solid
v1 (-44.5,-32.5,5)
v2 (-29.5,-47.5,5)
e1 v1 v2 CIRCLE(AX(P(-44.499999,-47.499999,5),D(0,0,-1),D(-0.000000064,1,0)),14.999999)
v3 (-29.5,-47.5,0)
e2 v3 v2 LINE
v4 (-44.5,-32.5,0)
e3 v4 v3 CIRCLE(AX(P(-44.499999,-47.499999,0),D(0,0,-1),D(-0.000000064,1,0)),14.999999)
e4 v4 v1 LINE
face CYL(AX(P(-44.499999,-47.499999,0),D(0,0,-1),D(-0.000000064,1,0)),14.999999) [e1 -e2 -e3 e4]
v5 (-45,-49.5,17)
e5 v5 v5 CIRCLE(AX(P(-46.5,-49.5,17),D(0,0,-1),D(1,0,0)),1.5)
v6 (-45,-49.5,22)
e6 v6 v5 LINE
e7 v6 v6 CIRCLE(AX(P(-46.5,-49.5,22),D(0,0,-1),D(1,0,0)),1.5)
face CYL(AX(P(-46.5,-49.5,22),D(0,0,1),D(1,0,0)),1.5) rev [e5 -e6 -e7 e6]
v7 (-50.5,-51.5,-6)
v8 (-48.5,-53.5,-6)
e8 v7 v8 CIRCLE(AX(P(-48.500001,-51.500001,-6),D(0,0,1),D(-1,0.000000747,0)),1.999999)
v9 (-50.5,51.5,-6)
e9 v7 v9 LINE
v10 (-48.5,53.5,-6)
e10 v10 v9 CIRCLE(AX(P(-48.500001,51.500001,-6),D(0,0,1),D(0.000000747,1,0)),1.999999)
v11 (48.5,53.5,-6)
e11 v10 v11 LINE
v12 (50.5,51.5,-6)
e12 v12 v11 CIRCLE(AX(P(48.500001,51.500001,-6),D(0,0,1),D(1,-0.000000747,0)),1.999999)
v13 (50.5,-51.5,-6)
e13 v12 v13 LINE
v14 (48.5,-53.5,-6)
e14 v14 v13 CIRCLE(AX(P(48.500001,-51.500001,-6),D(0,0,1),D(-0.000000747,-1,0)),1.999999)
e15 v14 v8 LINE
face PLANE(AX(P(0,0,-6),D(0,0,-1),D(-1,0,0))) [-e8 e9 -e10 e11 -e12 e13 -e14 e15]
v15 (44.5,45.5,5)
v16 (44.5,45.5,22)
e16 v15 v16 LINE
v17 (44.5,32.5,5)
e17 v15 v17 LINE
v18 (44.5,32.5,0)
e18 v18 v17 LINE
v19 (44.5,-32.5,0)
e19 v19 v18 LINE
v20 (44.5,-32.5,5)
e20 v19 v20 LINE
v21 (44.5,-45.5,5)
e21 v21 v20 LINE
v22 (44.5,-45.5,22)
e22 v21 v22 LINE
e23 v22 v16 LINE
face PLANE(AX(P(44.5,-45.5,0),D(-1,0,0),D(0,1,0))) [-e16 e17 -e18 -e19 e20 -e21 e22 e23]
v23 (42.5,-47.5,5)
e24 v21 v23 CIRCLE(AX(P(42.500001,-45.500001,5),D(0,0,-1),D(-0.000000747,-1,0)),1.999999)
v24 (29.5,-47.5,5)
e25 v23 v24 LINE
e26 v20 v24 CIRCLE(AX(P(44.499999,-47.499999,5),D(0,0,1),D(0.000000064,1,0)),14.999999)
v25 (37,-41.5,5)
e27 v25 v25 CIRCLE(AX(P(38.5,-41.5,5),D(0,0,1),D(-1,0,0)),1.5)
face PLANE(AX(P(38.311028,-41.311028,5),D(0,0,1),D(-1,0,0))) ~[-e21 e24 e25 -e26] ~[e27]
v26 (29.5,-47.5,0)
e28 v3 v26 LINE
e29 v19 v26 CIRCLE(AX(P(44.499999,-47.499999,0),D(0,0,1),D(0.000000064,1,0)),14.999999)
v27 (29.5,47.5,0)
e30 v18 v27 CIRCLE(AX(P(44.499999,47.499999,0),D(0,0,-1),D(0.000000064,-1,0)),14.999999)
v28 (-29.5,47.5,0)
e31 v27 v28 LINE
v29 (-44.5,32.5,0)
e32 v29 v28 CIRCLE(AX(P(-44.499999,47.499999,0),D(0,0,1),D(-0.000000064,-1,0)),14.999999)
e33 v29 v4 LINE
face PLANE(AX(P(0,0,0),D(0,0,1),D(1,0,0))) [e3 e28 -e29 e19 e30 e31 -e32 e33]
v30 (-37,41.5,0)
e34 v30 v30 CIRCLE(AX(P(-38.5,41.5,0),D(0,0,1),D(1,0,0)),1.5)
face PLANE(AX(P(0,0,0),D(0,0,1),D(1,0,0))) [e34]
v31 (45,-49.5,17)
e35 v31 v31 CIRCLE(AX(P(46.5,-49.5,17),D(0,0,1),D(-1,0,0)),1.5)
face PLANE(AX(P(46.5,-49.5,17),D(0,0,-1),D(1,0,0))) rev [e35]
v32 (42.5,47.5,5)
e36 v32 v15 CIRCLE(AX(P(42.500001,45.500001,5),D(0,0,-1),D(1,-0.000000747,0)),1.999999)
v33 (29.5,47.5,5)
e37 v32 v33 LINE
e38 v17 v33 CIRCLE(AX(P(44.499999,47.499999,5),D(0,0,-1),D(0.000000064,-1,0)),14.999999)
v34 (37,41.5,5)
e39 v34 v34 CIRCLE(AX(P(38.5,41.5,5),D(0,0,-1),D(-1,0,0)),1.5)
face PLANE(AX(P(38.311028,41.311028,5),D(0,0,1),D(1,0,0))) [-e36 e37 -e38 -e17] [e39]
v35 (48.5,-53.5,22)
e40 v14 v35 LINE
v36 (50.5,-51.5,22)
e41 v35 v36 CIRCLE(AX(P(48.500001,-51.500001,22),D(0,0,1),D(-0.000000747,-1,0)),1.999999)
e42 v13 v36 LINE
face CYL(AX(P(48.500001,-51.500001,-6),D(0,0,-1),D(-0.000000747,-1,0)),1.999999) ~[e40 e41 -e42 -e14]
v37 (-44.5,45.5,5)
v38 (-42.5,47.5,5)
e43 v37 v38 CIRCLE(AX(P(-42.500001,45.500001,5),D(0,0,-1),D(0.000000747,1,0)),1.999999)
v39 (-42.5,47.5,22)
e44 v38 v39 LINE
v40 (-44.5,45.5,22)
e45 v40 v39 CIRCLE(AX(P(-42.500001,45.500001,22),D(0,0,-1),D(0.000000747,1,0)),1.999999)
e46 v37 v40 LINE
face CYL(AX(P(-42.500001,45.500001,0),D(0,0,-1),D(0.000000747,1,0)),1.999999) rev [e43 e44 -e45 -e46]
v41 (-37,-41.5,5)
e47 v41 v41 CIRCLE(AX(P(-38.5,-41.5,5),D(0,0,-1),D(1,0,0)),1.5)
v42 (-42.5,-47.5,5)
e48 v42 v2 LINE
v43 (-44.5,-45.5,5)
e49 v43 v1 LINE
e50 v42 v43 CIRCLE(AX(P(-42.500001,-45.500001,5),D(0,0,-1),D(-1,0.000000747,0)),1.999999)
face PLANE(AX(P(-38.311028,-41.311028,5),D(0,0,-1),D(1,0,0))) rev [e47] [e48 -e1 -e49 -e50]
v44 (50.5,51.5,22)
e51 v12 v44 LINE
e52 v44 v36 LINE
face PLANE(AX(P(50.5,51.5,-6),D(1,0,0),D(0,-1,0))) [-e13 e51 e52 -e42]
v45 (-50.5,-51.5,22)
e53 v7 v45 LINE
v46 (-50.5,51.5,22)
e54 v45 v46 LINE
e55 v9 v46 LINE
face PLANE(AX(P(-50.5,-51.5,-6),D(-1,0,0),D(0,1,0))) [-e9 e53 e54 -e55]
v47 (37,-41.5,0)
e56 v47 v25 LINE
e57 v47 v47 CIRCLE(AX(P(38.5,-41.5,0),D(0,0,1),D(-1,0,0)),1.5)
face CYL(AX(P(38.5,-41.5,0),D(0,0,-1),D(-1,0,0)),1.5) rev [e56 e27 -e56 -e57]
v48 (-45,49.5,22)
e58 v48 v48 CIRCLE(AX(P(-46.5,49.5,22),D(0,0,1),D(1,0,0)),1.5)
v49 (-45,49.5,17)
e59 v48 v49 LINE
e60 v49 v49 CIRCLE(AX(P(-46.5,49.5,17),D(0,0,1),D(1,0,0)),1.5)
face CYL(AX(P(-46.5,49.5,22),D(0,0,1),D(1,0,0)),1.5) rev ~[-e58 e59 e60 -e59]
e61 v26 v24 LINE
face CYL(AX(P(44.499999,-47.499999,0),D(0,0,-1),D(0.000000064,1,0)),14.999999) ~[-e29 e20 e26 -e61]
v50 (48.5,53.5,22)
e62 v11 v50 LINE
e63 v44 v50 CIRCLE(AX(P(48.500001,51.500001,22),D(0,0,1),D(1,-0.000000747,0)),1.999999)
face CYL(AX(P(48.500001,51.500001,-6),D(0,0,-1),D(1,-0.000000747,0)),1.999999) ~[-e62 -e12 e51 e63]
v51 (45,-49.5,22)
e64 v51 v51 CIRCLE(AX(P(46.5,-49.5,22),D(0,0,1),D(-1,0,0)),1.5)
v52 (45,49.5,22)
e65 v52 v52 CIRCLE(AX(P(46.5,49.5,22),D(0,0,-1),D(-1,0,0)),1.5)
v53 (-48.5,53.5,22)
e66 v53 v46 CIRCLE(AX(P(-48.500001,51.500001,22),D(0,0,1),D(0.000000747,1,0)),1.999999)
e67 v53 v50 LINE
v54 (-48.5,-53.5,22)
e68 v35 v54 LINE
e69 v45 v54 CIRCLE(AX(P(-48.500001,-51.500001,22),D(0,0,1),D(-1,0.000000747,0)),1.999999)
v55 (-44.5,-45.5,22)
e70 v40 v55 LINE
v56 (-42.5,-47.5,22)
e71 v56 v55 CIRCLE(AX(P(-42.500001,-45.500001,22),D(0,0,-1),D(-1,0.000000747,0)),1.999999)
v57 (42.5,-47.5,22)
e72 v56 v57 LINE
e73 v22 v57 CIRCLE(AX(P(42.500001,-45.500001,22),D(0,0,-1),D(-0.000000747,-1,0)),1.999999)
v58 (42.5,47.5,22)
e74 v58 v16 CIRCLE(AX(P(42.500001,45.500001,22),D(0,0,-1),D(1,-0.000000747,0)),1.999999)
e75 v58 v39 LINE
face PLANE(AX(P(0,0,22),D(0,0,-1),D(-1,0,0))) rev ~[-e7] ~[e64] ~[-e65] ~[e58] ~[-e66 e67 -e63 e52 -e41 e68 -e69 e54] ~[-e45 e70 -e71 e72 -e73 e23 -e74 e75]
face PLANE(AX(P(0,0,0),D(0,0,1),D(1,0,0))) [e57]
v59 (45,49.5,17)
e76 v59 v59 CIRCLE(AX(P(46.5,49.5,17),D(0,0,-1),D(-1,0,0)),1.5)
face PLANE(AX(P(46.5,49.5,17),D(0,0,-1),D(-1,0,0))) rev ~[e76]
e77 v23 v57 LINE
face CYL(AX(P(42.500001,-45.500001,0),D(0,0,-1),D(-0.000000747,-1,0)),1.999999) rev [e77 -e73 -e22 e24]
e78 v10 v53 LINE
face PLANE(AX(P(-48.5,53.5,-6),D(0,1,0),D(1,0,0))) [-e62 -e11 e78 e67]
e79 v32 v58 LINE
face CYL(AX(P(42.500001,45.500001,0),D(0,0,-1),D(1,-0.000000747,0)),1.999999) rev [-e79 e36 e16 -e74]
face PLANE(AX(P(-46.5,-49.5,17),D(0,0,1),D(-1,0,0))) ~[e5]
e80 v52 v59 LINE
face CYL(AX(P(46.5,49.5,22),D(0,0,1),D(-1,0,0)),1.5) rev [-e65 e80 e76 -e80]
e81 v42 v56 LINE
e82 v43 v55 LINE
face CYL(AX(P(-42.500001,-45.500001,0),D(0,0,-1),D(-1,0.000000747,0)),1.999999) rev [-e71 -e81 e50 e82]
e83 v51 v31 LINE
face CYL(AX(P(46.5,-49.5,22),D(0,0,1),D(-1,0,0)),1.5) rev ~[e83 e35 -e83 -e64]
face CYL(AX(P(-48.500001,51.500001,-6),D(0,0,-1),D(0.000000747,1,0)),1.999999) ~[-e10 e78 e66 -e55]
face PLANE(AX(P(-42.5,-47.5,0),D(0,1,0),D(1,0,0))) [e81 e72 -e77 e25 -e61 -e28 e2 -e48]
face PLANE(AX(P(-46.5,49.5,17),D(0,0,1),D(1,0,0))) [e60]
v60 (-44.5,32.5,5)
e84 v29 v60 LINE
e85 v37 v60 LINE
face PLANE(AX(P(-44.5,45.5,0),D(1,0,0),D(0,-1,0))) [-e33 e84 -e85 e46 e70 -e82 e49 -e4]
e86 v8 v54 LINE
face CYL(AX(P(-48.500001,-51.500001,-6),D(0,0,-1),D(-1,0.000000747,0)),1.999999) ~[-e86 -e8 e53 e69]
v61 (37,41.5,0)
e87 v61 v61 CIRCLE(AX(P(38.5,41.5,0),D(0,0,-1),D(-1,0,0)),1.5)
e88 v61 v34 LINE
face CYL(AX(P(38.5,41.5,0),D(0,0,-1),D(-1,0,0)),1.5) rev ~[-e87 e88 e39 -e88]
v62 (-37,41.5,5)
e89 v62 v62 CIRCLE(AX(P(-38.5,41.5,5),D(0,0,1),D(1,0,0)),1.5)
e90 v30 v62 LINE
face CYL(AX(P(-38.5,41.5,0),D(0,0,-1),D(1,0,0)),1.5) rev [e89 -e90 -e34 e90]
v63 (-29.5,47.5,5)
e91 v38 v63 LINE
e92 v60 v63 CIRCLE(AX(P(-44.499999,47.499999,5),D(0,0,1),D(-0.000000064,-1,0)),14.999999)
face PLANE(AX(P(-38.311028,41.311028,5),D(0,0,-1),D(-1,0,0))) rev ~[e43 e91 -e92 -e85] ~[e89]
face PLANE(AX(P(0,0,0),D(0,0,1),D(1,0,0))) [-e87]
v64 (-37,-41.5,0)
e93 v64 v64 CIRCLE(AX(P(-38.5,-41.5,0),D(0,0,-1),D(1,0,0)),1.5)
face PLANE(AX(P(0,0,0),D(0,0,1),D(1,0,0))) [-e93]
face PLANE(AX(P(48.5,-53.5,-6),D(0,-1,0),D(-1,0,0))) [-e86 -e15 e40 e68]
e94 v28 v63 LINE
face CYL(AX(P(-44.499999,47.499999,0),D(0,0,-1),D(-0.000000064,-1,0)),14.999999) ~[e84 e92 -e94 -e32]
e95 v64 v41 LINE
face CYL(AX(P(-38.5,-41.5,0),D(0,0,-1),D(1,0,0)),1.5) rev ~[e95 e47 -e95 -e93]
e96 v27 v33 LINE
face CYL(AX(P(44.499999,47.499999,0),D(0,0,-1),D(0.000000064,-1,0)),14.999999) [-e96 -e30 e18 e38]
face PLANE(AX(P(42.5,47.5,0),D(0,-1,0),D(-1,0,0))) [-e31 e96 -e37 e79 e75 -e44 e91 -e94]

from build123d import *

# Parameters (mm, degrees)
PAD_DEPTH                     = 28
POCKET_DEPTH                  = 22.001
SKETCH004_R                   = 1.5
PAD001_DEPTH                  = 5
SKETCH004_MIRRORED_2_R        = 1.5
PAD001_MIRRORED_2_DEPTH       = 5
SKETCH005_R                   = 1.5
POCKET001_DEPTH               = 5
SKETCH005_MIRRORED002_2_R     = 1.5
POCKET001_MIRRORED002_2_DEPTH = 5


with BuildPart() as part:
    # Sketch001 → Pad (new body)
    with BuildSketch(Plane.XY.offset(-6)):
        with BuildLine():
            Line((-48.5, 53.5), (48.5, 53.5))
            ThreePointArc((50.5, 51.5), (49.914214, 52.914214), (48.5, 53.5))
            Line((50.5, 51.5), (50.5, -51.5))
            ThreePointArc((48.5, -53.5), (49.914214, -52.914214), (50.5, -51.5))
            Line((48.5, -53.5), (-48.5, -53.5))
            ThreePointArc((-50.5, -51.5), (-49.914214, -52.914214), (-48.5, -53.5))
            Line((-50.5, -51.5), (-50.5, 51.5))
            ThreePointArc((-48.5, 53.5), (-49.914214, 52.914214), (-50.5, 51.5))
        make_face()
    extrude(amount=PAD_DEPTH)

    # Sketch002 → Pocket (cut, through all)
    with BuildSketch(Plane.XY):
        with BuildLine():
            Line((42.5, 47.5), (-42.5, 47.5))
            ThreePointArc((-42.5, 47.5), (-43.914214, 46.914214), (-44.5, 45.5))
            Line((-44.5, 45.5), (-44.5, -45.5))
            ThreePointArc((-44.5, -45.5), (-43.914214, -46.914214), (-42.5, -47.5))
            Line((-42.5, -47.5), (42.5, -47.5))
            ThreePointArc((42.5, -47.5), (43.914214, -46.914214), (44.5, -45.5))
            Line((44.5, -45.5), (44.5, 45.5))
            ThreePointArc((44.5, 45.5), (43.914214, 46.914214), (42.5, 47.5))
        make_face()
    extrude(amount=POCKET_DEPTH, mode=Mode.SUBTRACT)

    # Sketch004 → Pad001 (join)
    with BuildSketch(Plane.XY):
        with BuildLine():
            Line((-44.5, 47.5), (-29.5, 47.5))
            ThreePointArc((-44.5, 32.5), (-33.893398, 36.893398), (-29.5, 47.5))
            Line((-44.5, 47.5), (-44.5, 32.5))
        make_face()
        with Locations((-38.5, 41.5)):
            Circle(SKETCH004_R, mode=Mode.SUBTRACT)
    pad001 = extrude(amount=PAD001_DEPTH)

    # Sketch004 Mirrored 2 → Pad001 Mirrored 2 (add)
    with BuildSketch(Plane(origin=(0, 0, 0), x_dir=(-1, 0, 0), z_dir=(0, 0, -1))):
        with BuildLine():
            Line((-44.5, 47.5), (-29.5, 47.5))
            ThreePointArc((-44.5, 32.5), (-33.893398, 36.893398), (-29.5, 47.5))
            Line((-44.5, 47.5), (-44.5, 32.5))
        make_face()
        with Locations((-38.5, 41.5)):
            Circle(SKETCH004_MIRRORED_2_R, mode=Mode.SUBTRACT)
    pad001_mirrored_2 = extrude(amount=-PAD001_MIRRORED_2_DEPTH)

    # Mirrored001: Pad001, Pad001 Mirrored 2 across Sketch004 H_Axis
    add(pad001.mirror(Plane.ZX))
    add(pad001_mirrored_2.mirror(Plane.ZX))

    # Sketch005 → Pocket001 (cut)
    with BuildSketch(Plane.XY.offset(22)):
        with Locations((-46.5, 49.5)):
            Circle(SKETCH005_R)
    pocket001 = extrude(amount=-POCKET001_DEPTH, mode=Mode.SUBTRACT)

    # Sketch005 Mirrored002 2 → Pocket001 Mirrored002 2 (cut)
    with BuildSketch(Plane(origin=(0, 0, 22), x_dir=(-1, 0, 0), z_dir=(0, 0, -1))):
        with Locations((-46.5, 49.5)):
            Circle(SKETCH005_MIRRORED002_2_R)
    pocket001_mirrored002_2 = extrude(amount=POCKET001_MIRRORED002_2_DEPTH, mode=Mode.SUBTRACT)

    # Mirrored003: Pocket001, Pocket001 Mirrored002 2 across Sketch005 H_Axis
    add(pocket001.mirror(Plane(origin=(0, 0, 22), x_dir=(0, 0, 1), z_dir=(0, 1, 0))), mode=Mode.SUBTRACT)
    add(pocket001_mirrored002_2.mirror(Plane(origin=(0, 0, 22), x_dir=(0, 0, 1), z_dir=(0, 1, 0))), mode=Mode.SUBTRACT)


solid = part.part
